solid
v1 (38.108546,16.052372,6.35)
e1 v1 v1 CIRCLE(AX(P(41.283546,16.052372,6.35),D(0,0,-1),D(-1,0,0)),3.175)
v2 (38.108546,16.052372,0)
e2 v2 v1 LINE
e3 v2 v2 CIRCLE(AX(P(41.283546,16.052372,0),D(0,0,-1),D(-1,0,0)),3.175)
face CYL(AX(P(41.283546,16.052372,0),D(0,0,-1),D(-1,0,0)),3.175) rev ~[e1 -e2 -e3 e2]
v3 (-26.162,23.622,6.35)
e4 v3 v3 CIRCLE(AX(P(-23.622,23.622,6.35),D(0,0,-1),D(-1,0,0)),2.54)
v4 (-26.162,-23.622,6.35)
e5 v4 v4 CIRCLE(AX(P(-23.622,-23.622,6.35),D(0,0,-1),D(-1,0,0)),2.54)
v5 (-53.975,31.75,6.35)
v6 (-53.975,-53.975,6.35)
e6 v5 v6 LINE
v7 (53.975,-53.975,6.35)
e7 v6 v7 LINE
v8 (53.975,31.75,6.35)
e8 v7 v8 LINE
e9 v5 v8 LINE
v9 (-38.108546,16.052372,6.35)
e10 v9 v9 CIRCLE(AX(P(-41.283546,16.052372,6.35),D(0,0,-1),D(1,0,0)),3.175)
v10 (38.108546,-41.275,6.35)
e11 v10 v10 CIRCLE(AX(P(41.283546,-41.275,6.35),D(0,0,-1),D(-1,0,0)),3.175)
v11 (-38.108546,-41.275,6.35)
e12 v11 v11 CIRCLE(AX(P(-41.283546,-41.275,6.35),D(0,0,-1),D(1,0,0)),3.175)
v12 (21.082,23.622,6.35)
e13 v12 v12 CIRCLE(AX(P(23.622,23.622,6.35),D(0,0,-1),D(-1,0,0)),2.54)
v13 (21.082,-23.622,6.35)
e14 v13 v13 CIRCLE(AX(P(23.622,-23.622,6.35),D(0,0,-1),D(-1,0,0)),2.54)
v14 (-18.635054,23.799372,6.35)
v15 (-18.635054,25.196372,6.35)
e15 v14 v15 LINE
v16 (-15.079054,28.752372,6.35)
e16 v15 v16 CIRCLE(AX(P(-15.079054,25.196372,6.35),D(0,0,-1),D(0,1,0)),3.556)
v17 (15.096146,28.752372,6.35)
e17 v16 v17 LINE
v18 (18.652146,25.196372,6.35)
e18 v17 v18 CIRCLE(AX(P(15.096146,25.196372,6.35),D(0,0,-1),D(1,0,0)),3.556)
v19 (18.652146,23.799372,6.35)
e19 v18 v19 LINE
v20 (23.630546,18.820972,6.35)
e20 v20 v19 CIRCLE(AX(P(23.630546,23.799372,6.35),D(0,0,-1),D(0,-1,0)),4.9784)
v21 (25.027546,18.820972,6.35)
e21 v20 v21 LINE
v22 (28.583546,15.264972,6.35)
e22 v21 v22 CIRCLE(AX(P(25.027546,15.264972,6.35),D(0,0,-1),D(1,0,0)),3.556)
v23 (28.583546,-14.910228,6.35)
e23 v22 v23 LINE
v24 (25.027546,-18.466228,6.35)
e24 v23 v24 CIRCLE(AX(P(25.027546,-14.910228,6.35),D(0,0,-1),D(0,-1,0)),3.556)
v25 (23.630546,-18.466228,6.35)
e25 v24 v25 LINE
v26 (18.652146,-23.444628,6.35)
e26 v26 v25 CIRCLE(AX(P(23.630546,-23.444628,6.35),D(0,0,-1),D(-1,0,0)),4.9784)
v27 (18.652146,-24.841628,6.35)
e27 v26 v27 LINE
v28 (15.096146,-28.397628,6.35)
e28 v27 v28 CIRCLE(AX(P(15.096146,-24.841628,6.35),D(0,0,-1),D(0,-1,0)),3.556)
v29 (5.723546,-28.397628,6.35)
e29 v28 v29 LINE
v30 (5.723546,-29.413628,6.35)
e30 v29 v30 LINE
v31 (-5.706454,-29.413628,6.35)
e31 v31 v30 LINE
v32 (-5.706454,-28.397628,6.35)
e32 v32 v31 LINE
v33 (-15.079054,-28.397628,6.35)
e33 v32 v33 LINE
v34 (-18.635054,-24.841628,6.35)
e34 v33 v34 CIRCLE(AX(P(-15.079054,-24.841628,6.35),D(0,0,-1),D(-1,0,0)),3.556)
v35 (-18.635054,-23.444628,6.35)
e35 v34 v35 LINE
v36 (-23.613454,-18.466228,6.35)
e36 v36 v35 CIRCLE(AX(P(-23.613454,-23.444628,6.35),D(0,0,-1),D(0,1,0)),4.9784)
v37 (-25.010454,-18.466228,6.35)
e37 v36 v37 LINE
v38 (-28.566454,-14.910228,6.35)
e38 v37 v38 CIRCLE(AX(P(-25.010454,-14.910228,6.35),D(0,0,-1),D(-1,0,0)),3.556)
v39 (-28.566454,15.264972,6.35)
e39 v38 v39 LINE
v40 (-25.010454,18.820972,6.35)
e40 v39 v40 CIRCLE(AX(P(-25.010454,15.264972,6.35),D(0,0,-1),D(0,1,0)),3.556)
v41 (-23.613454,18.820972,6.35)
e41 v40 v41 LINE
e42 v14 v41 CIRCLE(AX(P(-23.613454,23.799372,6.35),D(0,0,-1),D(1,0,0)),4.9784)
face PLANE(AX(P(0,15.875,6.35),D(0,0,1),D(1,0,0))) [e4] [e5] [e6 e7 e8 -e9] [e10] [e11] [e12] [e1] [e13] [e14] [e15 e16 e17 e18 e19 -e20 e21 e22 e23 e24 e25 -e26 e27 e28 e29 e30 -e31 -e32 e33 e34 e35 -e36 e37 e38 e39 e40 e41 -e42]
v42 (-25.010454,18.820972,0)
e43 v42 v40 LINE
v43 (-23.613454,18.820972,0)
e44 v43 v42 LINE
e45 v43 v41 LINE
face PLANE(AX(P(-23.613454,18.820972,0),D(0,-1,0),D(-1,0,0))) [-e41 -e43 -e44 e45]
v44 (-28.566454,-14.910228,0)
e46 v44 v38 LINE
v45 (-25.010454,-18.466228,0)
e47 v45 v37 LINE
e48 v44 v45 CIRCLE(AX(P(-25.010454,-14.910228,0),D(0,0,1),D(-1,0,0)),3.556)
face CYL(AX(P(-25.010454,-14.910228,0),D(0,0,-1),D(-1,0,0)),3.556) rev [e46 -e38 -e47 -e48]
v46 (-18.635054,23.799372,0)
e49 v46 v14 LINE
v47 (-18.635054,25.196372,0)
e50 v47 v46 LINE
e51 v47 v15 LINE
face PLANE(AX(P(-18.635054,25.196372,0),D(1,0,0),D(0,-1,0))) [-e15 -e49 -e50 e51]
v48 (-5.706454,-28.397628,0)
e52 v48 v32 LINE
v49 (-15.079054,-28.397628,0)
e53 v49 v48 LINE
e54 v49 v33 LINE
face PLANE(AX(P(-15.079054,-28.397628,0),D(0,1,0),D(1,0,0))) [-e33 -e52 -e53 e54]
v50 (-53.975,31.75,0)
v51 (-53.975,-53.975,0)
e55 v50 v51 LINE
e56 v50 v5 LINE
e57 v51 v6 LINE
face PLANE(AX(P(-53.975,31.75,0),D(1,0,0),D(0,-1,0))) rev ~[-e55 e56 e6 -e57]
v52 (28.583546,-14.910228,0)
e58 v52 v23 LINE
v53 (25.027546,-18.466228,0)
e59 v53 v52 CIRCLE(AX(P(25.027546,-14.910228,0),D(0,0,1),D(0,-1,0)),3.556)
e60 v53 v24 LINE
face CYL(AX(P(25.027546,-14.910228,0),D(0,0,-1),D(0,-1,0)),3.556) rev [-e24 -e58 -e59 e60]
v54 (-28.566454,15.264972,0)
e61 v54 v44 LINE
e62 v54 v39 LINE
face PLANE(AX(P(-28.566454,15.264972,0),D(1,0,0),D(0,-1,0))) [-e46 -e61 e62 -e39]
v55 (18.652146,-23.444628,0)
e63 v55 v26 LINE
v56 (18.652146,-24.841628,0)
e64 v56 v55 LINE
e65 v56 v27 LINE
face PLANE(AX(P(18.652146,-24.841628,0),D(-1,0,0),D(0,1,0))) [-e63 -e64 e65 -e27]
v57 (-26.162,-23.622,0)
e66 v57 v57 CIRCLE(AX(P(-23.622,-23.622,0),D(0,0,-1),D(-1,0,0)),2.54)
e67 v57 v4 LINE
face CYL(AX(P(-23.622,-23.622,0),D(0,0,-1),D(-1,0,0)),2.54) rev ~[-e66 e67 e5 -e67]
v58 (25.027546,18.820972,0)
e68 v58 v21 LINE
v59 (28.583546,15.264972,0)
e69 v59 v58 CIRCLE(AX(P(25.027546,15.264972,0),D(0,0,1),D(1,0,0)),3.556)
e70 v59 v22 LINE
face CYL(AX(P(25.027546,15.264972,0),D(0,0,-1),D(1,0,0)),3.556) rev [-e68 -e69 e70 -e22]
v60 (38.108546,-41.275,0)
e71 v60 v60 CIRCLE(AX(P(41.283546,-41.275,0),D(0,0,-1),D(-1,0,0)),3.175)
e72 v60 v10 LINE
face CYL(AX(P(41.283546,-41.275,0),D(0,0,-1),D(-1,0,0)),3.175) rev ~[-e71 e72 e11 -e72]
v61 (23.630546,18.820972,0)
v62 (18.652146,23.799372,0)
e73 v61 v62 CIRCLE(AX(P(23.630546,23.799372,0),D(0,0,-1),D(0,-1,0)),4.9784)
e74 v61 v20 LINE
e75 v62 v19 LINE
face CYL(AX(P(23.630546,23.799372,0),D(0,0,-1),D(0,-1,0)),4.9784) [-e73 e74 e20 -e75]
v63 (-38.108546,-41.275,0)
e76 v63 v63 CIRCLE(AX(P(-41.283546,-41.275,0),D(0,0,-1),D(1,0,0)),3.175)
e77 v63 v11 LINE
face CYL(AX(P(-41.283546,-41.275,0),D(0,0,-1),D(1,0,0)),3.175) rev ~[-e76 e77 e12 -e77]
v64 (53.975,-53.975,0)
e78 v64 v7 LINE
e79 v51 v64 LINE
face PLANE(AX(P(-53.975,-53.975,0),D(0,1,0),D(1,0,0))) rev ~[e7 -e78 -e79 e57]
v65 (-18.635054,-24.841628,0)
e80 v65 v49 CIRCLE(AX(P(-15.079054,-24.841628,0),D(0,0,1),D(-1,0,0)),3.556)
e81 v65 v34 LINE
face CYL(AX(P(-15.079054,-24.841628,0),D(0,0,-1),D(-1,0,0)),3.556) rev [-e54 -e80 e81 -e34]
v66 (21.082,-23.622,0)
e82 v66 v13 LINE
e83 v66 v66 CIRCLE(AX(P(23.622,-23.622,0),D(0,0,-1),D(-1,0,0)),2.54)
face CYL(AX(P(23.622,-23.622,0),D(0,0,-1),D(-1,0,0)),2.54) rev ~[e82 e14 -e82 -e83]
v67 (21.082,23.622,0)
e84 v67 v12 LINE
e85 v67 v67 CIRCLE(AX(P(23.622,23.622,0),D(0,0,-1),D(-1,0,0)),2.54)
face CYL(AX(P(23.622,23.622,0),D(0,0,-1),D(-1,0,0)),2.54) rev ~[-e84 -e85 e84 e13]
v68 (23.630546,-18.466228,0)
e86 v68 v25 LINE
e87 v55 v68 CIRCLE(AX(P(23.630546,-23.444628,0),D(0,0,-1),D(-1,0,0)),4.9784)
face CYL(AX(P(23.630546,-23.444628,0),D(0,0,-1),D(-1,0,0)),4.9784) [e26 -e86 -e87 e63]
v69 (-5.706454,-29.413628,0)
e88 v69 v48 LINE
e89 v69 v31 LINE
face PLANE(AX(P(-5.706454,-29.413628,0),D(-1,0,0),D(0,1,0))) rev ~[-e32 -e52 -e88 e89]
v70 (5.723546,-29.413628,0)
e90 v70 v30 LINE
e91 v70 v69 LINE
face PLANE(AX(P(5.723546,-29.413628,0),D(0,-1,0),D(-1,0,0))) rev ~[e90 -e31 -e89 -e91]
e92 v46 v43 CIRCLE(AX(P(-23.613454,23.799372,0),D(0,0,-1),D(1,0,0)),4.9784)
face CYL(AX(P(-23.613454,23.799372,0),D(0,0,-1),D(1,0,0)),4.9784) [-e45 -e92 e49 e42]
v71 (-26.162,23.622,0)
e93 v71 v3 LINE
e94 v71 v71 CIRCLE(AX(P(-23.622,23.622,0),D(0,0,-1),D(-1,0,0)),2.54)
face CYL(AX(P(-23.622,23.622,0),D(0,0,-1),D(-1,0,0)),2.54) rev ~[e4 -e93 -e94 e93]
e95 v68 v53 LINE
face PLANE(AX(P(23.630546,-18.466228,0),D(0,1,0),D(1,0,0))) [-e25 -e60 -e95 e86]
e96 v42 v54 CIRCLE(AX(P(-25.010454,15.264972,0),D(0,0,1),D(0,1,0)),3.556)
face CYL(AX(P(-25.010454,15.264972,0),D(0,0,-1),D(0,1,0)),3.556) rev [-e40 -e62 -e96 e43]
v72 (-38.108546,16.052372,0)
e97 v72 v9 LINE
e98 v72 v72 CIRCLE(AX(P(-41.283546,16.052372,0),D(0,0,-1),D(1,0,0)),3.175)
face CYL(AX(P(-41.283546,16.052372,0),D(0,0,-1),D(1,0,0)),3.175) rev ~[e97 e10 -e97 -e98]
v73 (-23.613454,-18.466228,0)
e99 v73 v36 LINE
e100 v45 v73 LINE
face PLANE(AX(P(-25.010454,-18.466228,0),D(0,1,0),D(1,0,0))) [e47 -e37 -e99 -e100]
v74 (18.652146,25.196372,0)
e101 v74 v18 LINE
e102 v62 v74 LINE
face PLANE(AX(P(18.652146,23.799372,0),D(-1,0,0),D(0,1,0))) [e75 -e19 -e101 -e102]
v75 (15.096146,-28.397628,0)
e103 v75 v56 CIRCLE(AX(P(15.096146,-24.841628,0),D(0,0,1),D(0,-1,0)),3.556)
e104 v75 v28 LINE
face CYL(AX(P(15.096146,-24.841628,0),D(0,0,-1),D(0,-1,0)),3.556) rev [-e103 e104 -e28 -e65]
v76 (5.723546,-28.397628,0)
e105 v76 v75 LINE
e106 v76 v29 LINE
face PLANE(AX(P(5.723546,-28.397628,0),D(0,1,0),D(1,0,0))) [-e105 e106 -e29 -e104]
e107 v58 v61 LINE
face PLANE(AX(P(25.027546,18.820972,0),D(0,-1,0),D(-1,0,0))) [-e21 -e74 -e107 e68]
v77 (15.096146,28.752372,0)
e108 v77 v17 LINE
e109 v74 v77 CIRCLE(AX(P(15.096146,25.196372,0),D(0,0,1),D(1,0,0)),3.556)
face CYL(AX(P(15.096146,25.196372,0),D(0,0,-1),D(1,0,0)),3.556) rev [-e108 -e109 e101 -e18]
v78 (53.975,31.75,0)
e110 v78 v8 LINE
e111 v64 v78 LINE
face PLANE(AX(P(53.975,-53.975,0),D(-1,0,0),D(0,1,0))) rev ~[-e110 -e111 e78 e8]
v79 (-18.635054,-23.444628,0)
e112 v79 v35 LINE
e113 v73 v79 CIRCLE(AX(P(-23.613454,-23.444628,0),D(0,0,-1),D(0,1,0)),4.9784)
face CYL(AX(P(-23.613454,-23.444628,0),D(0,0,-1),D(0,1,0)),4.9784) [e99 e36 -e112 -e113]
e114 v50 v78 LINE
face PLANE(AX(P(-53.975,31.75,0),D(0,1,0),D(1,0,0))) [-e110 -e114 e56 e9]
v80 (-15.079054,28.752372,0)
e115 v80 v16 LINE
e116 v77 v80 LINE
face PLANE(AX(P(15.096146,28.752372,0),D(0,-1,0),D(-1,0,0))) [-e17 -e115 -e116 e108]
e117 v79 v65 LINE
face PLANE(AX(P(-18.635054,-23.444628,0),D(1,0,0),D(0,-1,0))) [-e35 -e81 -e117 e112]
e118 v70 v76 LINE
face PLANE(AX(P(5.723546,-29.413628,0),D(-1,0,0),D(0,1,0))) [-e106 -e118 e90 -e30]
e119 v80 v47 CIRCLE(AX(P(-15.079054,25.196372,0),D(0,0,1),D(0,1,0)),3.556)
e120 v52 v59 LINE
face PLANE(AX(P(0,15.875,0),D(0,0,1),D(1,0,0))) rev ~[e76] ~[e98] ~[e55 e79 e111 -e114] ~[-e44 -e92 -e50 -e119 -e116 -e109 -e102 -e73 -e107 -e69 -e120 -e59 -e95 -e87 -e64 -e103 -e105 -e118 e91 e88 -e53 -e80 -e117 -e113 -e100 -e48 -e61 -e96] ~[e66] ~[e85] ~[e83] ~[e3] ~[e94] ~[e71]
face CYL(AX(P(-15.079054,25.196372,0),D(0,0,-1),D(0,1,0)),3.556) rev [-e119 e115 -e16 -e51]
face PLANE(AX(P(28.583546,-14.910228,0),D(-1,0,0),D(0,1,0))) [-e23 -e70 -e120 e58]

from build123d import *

# Parameters (mm, degrees)
SKETCH1_W           = 107.95
SKETCH1_H           = 31.75
SKETCH1_H_2         = 53.975
BOSS_EXTRUDE1_DEPTH = 6.35
SKETCH11_R          = 2.54
CUT_EXTRUDE2_DEPTH  = 7.62
SKETCH12_W          = 11.43
SKETCH12_H          = 1.016
CUT_EXTRUDE3_DEPTH  = 7.62
SKETCH13_R          = 3.175
CUT_EXTRUDE4_DEPTH  = 7.62


with BuildPart() as part:
    # Sketch1 → Boss-Extrude1 (new body)
    with BuildSketch(Plane.XY):
        with Locations((0, 15.875)):
            Rectangle(SKETCH1_W, SKETCH1_H)
        with Locations((0, -26.9875)):
            Rectangle(SKETCH1_W, SKETCH1_H_2)
    extrude(amount=BOSS_EXTRUDE1_DEPTH)

    # Sketch11 → Cut-Extrude2 (cut)
    with BuildSketch(Plane(origin=(0, 0, 0), x_dir=(-1, 0, 0), z_dir=(0, 0, -1))):
        with Locations((23.622, -23.622)):
            Circle(SKETCH11_R)
        with Locations((-23.622, -23.622)):
            Circle(SKETCH11_R)
        with Locations((-23.622, 23.622)):
            Circle(SKETCH11_R)
        with Locations((23.622, 23.622)):
            Circle(SKETCH11_R)
    extrude(amount=-CUT_EXTRUDE2_DEPTH, mode=Mode.SUBTRACT)

    # Sketch12 → Cut-Extrude3 (cut)
    with BuildSketch(Plane(origin=(0, 0, 0), x_dir=(-1, 0, 0), z_dir=(0, 0, -1))):
        with BuildLine():
            ThreePointArc((-25.027545804, -18.46622785), (-27.542017518, -17.424699564), (-28.583545804, -14.91022785))
            Line((-28.583545804, -14.91022785), (-28.583545804, 15.26497215))
            ThreePointArc((-28.583545804, 15.26497215), (-27.542017518, 17.779443863), (-25.027545804, 18.82097215))
            Line((-25.027545804, 18.82097215), (-23.630545804, 18.82097215))
            ThreePointArc((-23.630545804, 18.82097215), (-20.110285404, 20.27911175), (-18.652145804, 23.79937215))
            Line((-18.652145804, 23.79937215), (-18.652145804, 25.19637215))
            ThreePointArc((-18.652145804, 25.19637215), (-17.610617518, 27.710843863), (-15.096145804, 28.75237215))
            Line((-15.096145804, 28.75237215), (15.079054196, 28.75237215))
            ThreePointArc((15.079054196, 28.75237215), (17.59352591, 27.710843863), (18.635054196, 25.19637215))
            Line((18.635054196, 25.19637215), (18.635054196, 23.79937215))
            ThreePointArc((18.635054196, 23.79937215), (20.093193797, 20.27911175), (23.613454196, 18.82097215))
            Line((23.613454196, 18.82097215), (25.010454196, 18.82097215))
            ThreePointArc((25.010454196, 18.82097215), (27.52492591, 17.779443863), (28.566454196, 15.26497215))
            Line((28.566454196, 15.26497215), (28.566454196, -14.91022785))
            ThreePointArc((28.566454196, -14.91022785), (27.52492591, -17.424699564), (25.010454196, -18.46622785))
            Line((25.010454196, -18.46622785), (23.613454196, -18.46622785))
            ThreePointArc((23.613454196, -18.46622785), (20.093193797, -19.924367451), (18.635054196, -23.44462785))
            Line((18.635054196, -23.44462785), (18.635054196, -24.84162785))
            ThreePointArc((18.635054196, -24.84162785), (17.59352591, -27.356099564), (15.079054196, -28.39762785))
            Line((15.079054196, -28.39762785), (-15.096145804, -28.39762785))
            ThreePointArc((-15.096145804, -28.39762785), (-17.610617518, -27.356099564), (-18.652145804, -24.84162785))
            Line((-18.652145804, -24.84162785), (-18.652145804, -23.44462785))
            ThreePointArc((-18.652145804, -23.44462785), (-20.110285404, -19.924367451), (-23.630545804, -18.46622785))
            Line((-23.630545804, -18.46622785), (-25.027545804, -18.46622785))
        make_face()
        with Locations((-0.008545804, -28.90562785)):
            Rectangle(SKETCH12_W, SKETCH12_H)
    extrude(amount=-CUT_EXTRUDE3_DEPTH, mode=Mode.SUBTRACT)

    # Sketch13 → Cut-Extrude4 (cut)
    with BuildSketch(Plane(origin=(0, 0, 0), x_dir=(-1, 0, 0), z_dir=(0, 0, -1))):
        with Locations((-41.283545804, 16.05237215)):
            Circle(SKETCH13_R)
        with Locations((-41.283545804, -41.275)):
            Circle(SKETCH13_R)
        with Locations(Location((41.283545804, -41.275, 0), (0, 0, 180))):
            Circle(SKETCH13_R)
        with Locations(Location((41.283545804, 16.05237215, 0), (0, 0, 180))):
            Circle(SKETCH13_R)
    extrude(amount=-CUT_EXTRUDE4_DEPTH, mode=Mode.SUBTRACT)


solid = part.part
